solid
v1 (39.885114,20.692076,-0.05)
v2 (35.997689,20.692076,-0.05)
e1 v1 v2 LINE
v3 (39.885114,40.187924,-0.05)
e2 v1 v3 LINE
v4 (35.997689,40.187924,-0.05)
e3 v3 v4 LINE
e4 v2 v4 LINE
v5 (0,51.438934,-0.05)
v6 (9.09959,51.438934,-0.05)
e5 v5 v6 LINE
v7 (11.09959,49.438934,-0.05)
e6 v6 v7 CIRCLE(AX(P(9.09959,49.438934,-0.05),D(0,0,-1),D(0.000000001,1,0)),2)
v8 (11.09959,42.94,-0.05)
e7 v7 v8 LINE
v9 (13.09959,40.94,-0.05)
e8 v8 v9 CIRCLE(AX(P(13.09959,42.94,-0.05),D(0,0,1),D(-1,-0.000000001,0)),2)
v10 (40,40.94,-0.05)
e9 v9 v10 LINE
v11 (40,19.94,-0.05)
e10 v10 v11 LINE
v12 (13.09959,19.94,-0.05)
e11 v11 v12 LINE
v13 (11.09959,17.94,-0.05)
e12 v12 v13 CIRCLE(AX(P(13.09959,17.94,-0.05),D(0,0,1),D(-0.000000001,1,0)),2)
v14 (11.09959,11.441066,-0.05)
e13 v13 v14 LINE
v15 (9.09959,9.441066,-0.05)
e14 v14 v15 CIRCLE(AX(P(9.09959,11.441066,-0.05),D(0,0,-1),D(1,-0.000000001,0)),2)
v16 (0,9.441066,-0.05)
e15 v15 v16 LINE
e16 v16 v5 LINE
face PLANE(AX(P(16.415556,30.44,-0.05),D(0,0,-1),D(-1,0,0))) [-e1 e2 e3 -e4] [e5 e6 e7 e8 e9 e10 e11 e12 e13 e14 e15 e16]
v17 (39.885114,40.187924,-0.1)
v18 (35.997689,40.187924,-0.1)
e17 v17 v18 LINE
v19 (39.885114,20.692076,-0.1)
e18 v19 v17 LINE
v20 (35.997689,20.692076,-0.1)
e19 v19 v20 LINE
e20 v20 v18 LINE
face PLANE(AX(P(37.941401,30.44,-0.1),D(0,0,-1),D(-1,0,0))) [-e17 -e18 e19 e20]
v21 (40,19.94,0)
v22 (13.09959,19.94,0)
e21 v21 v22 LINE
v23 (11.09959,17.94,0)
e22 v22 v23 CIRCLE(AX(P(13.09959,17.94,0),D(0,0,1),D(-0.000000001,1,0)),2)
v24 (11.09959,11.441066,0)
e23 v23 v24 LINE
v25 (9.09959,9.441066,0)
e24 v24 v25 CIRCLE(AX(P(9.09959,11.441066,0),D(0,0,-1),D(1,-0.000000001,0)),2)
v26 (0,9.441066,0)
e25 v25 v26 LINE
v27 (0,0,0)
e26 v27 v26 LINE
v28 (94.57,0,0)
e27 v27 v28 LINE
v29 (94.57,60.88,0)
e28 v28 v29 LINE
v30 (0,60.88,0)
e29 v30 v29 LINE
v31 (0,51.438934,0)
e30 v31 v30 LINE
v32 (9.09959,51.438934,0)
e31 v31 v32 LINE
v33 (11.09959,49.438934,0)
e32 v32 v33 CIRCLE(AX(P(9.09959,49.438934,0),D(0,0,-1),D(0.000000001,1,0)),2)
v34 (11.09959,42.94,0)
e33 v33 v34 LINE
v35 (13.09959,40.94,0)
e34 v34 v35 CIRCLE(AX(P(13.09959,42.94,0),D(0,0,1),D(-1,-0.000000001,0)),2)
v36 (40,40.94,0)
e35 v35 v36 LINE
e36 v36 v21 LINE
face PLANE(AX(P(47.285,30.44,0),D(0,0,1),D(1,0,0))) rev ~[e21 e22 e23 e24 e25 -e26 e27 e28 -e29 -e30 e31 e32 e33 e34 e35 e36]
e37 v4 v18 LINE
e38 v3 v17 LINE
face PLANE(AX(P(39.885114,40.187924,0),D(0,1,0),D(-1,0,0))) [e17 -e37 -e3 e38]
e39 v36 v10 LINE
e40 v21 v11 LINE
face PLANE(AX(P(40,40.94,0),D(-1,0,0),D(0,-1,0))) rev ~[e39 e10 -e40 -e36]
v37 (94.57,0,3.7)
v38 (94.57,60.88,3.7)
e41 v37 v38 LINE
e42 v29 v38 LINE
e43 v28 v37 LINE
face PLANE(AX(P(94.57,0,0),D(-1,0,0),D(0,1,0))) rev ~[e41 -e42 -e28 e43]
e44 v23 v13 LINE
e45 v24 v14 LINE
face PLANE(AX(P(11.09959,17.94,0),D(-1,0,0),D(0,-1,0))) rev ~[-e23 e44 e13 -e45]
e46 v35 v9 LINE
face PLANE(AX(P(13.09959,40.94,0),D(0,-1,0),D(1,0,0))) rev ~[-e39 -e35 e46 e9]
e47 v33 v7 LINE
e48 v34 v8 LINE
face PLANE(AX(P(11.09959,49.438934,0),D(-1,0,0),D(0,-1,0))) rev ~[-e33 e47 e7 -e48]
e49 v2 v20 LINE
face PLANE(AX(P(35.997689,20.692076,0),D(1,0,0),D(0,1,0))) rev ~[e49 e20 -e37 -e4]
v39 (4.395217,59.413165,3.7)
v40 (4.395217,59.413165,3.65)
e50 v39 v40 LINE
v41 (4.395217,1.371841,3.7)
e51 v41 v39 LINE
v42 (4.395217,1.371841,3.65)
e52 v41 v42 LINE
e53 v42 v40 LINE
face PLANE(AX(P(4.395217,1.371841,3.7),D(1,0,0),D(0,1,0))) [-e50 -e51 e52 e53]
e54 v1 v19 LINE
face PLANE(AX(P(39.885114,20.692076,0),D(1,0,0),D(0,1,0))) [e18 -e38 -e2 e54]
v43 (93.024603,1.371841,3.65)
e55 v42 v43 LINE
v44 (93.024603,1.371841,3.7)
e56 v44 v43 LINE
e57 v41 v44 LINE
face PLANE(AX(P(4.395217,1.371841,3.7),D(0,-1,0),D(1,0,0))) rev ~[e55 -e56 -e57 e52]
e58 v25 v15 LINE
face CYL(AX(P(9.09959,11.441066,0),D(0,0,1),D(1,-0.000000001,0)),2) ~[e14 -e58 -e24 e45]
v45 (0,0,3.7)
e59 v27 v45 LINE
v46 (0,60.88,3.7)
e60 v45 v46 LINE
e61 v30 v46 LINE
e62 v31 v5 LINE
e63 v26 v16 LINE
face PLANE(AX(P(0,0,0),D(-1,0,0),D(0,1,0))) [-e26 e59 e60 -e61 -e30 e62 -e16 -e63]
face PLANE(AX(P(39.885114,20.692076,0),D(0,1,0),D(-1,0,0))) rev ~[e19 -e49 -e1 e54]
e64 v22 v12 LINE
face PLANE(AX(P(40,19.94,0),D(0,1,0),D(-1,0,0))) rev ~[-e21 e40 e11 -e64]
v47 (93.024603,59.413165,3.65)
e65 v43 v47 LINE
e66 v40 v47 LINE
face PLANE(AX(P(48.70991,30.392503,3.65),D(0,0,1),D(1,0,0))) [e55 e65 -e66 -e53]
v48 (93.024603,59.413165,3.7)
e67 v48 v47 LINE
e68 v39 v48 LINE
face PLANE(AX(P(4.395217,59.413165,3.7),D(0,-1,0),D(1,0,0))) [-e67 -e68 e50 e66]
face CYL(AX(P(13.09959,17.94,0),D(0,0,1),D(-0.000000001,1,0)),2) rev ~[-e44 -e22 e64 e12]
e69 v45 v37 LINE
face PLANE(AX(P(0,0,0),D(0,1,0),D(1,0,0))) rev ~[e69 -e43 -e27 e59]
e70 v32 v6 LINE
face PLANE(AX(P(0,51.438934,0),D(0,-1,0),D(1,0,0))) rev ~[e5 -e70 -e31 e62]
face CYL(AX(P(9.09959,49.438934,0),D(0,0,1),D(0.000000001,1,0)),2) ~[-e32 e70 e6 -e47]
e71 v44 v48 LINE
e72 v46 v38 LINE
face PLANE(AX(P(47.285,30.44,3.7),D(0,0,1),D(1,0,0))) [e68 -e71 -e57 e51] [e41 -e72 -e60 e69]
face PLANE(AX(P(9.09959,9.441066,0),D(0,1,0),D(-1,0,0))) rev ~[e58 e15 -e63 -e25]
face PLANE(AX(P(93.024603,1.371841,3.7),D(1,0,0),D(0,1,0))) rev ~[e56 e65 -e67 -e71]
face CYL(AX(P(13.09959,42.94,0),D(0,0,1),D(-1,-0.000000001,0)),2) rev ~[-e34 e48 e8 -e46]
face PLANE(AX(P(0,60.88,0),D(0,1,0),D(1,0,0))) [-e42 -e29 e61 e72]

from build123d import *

# Parameters (mm, degrees)
ESQUISSE1_W             = 94.57
ESQUISSE1_H             = 60.88
BOSS_EXTRU_1_DEPTH      = 3.7
ESQUISSE2_W             = 88.629386258
ESQUISSE2_H             = 58.041323691
ENL_V_MAT_EXTRU_1_DEPTH = 0.05
ESQUISSE3_W             = 3.887425577
ESQUISSE3_H             = 19.495847756
BOSS_EXTRU_2_DEPTH      = 0.05
ESQUISSE4_W             = 3.887425577
ESQUISSE4_H             = 19.495847756
BOSS_EXTRU_3_DEPTH      = 0.1


with BuildPart() as part:
    # Esquisse1 → Boss.-Extru.1 (new body)
    with BuildSketch(Plane.XY):
        with Locations((47.285, 30.44)):
            Rectangle(ESQUISSE1_W, ESQUISSE1_H)
    extrude(amount=BOSS_EXTRU_1_DEPTH)

    # Esquisse2 → Enlèv. mat.-Extru.1 (cut)
    with BuildSketch(Plane.XY.offset(3.7)):
        with Locations((48.709909747, 30.392503009)):
            Rectangle(ESQUISSE2_W, ESQUISSE2_H)
    extrude(amount=-ENL_V_MAT_EXTRU_1_DEPTH, mode=Mode.SUBTRACT)

    # Esquisse3 → Boss.-Extru.2 (add)
    with BuildSketch(Plane(origin=(0, 0, 0), x_dir=(-1, 0, 0), z_dir=(0, 0, -1))):
        with BuildLine():
            Line((-9.099589702, 9.441066071), (0, 9.441066071))
            Line((0, 9.441066071), (0, 51.438933929))
            Line((0, 51.438933929), (-9.099589702, 51.438933929))
            ThreePointArc((-9.099589702, 51.438933929), (-10.513803264, 50.853147491), (-11.099589702, 49.438933929))
            Line((-11.099589702, 49.438933929), (-11.099589702, 42.94))
            ThreePointArc((-11.099589702, 42.94), (-11.68537614, 41.525786438), (-13.099589702, 40.94))
            Line((-13.099589702, 40.94), (-40, 40.94))
            Line((-40, 40.94), (-40, 19.94))
            Line((-40, 19.94), (-13.099589702, 19.94))
            ThreePointArc((-13.099589702, 19.94), (-11.68537614, 19.354213562), (-11.099589702, 17.94))
            Line((-11.099589702, 17.94), (-11.099589702, 11.441066071))
            ThreePointArc((-11.099589702, 11.441066071), (-10.513803264, 10.026852509), (-9.099589702, 9.441066071))
        make_face()
        with Locations((-37.941401464, 30.44)):
            Rectangle(ESQUISSE3_W, ESQUISSE3_H, mode=Mode.SUBTRACT)
    extrude(amount=BOSS_EXTRU_2_DEPTH)

    # Esquisse4 → Boss.-Extru.3 (add)
    with BuildSketch(Plane(origin=(0, 0, 0), x_dir=(-1, 0, 0), z_dir=(0, 0, -1))):
        with Locations((-37.941401464, 30.44)):
            Rectangle(ESQUISSE4_W, ESQUISSE4_H)
    extrude(amount=BOSS_EXTRU_3_DEPTH)


solid = part.part
